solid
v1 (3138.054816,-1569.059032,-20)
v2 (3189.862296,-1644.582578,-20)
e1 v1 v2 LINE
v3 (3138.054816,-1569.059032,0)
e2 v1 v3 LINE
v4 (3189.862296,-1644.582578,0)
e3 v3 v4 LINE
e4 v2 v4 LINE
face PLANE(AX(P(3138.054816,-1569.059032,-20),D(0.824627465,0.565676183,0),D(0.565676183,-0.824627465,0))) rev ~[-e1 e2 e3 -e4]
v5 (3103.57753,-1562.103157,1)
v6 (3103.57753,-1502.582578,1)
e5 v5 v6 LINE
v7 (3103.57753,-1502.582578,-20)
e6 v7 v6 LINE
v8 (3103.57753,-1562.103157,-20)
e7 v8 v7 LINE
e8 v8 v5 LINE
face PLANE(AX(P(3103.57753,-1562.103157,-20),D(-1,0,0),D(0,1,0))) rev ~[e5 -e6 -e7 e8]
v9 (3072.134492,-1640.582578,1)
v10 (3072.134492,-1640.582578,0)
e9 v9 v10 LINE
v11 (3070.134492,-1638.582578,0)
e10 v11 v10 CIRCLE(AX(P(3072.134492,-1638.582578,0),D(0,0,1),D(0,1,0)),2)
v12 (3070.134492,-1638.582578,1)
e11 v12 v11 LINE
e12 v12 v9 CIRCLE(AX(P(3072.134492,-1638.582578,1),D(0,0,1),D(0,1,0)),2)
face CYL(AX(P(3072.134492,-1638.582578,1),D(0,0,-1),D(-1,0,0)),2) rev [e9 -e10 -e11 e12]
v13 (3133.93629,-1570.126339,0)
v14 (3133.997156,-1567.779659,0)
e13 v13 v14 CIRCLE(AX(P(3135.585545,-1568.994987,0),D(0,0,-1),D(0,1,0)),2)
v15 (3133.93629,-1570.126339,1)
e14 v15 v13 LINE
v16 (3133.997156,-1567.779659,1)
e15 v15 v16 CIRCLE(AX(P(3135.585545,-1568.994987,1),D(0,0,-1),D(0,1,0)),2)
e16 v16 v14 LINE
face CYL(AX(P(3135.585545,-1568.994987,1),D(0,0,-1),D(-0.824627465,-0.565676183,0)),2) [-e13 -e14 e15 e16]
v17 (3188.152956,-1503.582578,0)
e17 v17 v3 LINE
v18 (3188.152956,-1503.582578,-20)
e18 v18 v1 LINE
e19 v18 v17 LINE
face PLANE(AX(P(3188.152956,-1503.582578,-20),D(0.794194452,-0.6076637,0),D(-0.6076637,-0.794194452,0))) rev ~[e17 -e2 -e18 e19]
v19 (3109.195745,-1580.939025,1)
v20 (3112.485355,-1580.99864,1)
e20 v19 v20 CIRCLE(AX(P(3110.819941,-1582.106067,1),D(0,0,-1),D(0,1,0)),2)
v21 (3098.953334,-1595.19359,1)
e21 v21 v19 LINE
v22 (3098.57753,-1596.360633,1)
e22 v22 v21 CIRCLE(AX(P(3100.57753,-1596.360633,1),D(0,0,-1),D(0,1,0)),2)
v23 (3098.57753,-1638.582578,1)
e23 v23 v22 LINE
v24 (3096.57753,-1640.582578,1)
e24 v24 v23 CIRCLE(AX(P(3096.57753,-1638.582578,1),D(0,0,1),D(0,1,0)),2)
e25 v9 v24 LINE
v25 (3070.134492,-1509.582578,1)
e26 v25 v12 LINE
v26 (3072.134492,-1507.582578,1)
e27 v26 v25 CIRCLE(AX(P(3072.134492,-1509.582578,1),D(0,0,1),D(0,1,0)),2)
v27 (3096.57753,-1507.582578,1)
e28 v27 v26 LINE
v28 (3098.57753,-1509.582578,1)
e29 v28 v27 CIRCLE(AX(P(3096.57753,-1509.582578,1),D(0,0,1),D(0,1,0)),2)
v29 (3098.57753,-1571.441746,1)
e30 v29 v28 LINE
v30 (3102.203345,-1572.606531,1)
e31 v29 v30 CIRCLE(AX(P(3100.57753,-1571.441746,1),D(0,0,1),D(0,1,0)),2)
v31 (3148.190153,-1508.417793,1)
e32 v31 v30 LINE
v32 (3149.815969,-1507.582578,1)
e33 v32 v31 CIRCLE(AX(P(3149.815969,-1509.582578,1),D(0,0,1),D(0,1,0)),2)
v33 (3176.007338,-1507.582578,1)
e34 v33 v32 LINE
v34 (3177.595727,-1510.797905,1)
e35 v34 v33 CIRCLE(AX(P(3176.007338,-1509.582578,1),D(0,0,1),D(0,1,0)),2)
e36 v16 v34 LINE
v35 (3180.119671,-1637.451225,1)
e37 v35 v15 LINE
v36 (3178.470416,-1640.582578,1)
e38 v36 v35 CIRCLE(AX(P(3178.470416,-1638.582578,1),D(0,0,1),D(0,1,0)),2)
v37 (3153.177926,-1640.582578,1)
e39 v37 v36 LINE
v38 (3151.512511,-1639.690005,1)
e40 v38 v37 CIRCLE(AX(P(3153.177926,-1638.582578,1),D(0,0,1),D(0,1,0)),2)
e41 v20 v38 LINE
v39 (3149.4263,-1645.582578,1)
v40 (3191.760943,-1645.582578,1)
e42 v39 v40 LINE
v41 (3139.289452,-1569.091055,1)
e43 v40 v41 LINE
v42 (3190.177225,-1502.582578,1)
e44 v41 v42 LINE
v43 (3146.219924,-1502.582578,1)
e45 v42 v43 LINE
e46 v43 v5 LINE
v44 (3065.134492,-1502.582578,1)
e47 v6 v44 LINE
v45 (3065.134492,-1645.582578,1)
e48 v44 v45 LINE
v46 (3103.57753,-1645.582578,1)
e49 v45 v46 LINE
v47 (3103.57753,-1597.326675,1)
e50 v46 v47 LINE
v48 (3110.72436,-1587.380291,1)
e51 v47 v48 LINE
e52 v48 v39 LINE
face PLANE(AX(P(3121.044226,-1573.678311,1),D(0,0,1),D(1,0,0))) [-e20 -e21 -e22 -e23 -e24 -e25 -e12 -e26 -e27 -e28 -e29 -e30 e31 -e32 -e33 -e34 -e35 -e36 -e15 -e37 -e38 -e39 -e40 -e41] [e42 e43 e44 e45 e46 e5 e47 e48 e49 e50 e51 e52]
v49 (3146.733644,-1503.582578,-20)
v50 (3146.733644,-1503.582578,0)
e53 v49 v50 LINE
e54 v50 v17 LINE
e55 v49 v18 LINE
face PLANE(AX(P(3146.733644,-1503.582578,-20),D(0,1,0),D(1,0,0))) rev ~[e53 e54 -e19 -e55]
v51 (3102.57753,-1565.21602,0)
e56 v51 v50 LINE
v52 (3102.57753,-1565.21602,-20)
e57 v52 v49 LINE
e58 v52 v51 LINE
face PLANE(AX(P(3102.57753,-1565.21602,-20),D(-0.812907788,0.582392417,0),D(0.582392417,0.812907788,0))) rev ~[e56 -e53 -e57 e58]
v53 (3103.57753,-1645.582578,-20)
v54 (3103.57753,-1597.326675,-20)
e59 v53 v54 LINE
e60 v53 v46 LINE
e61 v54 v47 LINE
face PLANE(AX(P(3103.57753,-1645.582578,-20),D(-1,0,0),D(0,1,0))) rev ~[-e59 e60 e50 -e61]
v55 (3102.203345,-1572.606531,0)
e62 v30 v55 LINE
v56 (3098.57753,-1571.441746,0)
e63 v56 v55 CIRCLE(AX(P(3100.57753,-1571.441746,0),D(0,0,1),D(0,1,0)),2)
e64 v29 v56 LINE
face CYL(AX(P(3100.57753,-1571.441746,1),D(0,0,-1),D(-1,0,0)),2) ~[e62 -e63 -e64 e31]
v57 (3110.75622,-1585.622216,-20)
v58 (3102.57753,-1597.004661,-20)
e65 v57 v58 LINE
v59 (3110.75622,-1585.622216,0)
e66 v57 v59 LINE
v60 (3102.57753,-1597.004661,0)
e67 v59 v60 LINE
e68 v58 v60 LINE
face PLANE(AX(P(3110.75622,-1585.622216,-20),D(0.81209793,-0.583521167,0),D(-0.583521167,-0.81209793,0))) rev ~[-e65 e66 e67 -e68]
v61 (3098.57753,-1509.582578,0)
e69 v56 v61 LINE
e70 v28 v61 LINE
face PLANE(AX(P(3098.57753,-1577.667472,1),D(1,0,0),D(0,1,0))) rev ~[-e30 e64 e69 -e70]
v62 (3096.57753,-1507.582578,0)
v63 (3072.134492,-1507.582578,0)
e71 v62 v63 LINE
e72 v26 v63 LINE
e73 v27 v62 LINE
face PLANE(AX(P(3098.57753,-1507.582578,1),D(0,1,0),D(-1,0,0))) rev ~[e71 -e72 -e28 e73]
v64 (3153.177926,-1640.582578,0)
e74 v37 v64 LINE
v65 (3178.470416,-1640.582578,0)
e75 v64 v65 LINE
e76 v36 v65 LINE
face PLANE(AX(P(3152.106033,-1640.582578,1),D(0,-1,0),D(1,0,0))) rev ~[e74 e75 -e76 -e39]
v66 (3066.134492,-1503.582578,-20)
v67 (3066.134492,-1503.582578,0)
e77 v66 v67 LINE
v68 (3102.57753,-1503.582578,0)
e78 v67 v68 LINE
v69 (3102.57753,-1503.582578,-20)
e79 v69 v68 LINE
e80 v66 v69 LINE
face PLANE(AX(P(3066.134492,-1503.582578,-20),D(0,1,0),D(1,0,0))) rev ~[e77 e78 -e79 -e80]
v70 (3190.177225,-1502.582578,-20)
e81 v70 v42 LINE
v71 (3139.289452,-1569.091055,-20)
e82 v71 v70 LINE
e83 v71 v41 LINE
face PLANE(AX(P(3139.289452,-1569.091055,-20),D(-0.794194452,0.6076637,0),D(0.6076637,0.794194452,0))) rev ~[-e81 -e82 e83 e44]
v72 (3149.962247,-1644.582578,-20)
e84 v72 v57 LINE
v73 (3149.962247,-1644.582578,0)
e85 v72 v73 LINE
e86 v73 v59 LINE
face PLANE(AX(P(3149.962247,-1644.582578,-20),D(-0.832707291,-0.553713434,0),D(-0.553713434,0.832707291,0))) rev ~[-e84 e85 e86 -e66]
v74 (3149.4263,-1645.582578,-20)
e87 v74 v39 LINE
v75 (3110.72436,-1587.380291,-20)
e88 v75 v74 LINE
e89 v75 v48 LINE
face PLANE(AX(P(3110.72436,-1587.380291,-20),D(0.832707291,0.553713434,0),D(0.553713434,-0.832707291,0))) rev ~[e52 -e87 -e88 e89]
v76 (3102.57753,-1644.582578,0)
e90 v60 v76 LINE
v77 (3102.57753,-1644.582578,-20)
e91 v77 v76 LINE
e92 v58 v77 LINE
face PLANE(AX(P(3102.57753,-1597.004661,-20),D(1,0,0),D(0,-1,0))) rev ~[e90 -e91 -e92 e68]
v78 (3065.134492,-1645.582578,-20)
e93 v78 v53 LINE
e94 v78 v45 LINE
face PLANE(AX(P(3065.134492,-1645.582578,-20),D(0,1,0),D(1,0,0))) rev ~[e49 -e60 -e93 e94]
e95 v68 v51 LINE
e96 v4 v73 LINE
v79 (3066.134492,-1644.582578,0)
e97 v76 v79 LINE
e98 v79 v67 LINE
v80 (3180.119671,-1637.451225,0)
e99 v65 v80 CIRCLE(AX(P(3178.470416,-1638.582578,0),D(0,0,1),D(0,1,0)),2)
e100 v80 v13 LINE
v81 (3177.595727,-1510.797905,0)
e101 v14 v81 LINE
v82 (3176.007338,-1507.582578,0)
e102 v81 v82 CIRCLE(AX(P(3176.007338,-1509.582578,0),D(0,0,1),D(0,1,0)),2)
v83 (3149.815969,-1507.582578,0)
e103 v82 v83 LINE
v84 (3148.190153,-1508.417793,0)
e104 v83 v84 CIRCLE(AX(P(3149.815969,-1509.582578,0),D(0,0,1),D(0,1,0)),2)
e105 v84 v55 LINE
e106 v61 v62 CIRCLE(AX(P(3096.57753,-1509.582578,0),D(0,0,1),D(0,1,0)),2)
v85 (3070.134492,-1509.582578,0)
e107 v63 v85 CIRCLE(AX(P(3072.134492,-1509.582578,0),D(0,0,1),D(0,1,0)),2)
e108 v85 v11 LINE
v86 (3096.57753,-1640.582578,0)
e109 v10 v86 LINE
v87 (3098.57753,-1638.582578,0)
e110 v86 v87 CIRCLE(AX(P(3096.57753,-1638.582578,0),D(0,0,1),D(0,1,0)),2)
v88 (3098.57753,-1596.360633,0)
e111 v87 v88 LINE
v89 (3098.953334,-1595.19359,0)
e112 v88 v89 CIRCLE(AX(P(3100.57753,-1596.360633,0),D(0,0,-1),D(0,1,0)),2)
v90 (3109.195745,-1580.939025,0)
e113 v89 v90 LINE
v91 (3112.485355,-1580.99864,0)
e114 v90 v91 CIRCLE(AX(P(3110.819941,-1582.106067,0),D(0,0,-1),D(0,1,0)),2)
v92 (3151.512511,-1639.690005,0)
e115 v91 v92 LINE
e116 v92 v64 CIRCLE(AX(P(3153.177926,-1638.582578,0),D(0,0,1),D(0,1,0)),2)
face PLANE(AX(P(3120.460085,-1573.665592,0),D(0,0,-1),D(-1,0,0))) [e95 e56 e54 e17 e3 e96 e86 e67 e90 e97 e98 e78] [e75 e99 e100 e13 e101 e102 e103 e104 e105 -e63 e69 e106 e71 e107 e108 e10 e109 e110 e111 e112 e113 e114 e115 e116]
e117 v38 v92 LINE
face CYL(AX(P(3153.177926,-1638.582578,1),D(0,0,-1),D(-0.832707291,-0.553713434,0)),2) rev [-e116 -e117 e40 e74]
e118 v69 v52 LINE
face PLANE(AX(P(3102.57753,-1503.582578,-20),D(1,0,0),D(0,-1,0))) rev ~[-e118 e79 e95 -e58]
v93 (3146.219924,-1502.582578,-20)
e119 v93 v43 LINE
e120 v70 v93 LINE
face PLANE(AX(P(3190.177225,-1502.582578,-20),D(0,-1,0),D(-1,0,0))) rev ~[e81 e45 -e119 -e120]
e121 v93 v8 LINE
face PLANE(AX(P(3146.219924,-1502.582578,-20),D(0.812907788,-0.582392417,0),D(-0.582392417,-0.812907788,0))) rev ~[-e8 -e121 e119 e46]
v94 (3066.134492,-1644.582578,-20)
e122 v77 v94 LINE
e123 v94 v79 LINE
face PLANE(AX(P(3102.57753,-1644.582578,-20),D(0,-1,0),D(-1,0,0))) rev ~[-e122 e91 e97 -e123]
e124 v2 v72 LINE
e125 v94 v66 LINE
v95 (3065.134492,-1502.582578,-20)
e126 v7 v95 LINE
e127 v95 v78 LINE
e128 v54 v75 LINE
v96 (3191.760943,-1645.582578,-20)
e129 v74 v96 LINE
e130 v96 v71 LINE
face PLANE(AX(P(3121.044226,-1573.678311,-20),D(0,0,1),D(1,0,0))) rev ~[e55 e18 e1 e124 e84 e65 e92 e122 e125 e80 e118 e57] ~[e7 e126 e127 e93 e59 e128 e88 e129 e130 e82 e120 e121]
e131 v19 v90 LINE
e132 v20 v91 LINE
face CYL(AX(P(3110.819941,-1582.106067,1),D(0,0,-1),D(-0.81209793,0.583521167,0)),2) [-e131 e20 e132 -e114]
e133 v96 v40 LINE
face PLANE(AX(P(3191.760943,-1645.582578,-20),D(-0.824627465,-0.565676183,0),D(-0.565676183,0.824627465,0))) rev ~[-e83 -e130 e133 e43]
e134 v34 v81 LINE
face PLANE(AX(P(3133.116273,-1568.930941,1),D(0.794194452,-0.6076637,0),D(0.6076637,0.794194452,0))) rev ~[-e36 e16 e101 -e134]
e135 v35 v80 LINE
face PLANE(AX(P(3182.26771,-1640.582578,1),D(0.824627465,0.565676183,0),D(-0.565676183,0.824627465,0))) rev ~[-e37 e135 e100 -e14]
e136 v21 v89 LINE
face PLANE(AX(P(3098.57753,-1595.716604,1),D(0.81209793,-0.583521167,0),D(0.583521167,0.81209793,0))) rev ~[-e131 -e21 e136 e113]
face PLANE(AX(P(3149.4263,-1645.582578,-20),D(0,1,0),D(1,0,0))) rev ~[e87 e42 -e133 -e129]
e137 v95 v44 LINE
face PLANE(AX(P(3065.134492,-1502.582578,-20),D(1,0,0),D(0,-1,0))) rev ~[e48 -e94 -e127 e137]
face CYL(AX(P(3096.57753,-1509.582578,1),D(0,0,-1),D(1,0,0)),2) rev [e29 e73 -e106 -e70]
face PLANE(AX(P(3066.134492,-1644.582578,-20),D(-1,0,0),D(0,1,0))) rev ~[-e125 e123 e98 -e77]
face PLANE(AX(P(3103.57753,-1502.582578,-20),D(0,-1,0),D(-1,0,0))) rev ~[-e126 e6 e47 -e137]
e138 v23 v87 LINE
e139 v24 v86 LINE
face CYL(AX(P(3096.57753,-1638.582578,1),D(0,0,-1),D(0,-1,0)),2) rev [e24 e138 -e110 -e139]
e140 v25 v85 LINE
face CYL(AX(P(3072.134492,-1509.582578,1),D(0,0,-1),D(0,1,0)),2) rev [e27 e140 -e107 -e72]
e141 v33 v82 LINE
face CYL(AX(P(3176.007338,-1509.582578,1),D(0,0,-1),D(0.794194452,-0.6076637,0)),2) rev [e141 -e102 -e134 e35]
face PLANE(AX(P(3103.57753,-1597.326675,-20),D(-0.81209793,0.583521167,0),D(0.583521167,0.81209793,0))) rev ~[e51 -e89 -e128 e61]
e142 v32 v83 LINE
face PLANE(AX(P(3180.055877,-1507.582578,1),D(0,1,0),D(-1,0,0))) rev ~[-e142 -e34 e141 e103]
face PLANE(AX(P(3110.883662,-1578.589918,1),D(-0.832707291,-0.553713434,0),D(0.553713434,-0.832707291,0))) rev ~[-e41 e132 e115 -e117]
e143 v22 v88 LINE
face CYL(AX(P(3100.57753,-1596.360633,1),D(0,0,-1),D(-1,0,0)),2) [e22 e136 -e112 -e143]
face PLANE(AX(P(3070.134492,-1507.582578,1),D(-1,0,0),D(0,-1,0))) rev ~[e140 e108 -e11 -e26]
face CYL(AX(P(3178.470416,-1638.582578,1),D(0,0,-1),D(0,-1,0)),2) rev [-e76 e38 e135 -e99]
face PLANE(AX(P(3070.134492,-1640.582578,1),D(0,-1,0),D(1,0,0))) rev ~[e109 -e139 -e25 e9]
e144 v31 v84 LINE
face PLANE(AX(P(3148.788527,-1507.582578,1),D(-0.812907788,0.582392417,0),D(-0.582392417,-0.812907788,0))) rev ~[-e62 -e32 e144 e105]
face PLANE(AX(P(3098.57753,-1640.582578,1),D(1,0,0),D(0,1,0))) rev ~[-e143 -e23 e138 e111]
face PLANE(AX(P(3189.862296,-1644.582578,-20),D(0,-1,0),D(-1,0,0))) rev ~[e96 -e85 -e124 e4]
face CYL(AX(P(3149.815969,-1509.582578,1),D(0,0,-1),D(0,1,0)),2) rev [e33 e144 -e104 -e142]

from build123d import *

# Parameters (mm, degrees)
BOSS_EXTRUDE1_DEPTH      = 1
BOSS_EXTRUDE1_DEPTH_BACK = 20
CUT_EXTRUDE1_DEPTH       = 3592.061255037
CUT_EXTRUDE2_DEPTH       = 20
FILLET1_R                = 2


with BuildPart() as part:
    # Sketch1 → Boss-Extrude1 (new, two sides: drawn at the far end of the back side and taken through both)
    with BuildSketch(Plane.XY.offset(-BOSS_EXTRUDE1_DEPTH_BACK)):
        Polygon((3103.577529919, -1502.582577839), (3065.134491945, -1502.582577839), (3065.134491945, -1645.582577839), (3103.577529919, -1645.582577839), (3103.577529919, -1597.326675007), (3110.72435951, -1587.380291149), (3149.426300029, -1645.582577839), (3191.76094295, -1645.582577839), (3139.289451926, -1569.091055151), (3190.177225487, -1502.582577839), (3146.219923507, -1502.582577839), (3103.577529919, -1562.103156805), align=None)
    extrude(amount=BOSS_EXTRUDE1_DEPTH + BOSS_EXTRUDE1_DEPTH_BACK)

    # Sketch2 → Cut-Extrude1 (cut, through all)
    with BuildSketch(Plane.XY.offset(1)):
        Polygon((3098.577529919, -1577.667471643), (3098.577529919, -1507.582577839), (3070.134491945, -1507.582577839), (3070.134491945, -1640.582577839), (3098.577529919, -1640.582577839), (3098.577529919, -1595.716604278), (3110.883661718, -1578.589917667), (3152.106032574, -1640.582577839), (3182.26770964, -1640.582577839), (3133.116273086, -1568.930940904), (3180.055877392, -1507.582577839), (3148.788527159, -1507.582577839), align=None)
    extrude(amount=-CUT_EXTRUDE1_DEPTH, mode=Mode.SUBTRACT)

    # Sketch3 → Cut-Extrude2 (cut)
    with BuildSketch(Plane(origin=(0, 0, -20), x_dir=(-1, 0, 0), z_dir=(0, 0, -1))):
        Polygon((-3102.577529919, -1503.582577839), (-3102.577529919, -1565.216019773), (-3146.733644238, -1503.582577839), (-3188.152955868, -1503.582577839), (-3138.054816158, -1569.059032301), (-3189.862296288, -1644.582577839), (-3149.962246538, -1644.582577839), (-3110.756219952, -1585.622216453), (-3102.577529919, -1597.004660861), (-3102.577529919, -1644.582577839), (-3066.134491945, -1644.582577839), (-3066.134491945, -1503.582577839), align=None)
    extrude(amount=-CUT_EXTRUDE2_DEPTH, mode=Mode.SUBTRACT)

    # Fillet1
    fillet1_edges = [part.edges().sort_by_distance(p)[0] for p in [
        (3098.577529919, -1507.582577839, 0.5),
        (3098.577529919, -1577.667471643, 0.5),
        (3070.134491945, -1507.582577839, 0.5),
        (3070.134491945, -1640.582577839, 0.5),
        (3098.577529919, -1640.582577839, 0.5),
        (3098.577529919, -1595.716604278, 0.5),
        (3110.883661718, -1578.589917667, 0.5),
        (3152.106032574, -1640.582577839, 0.5),
        (3182.26770964, -1640.582577839, 0.5),
        (3133.116273086, -1568.930940904, 0.5),
        (3180.055877392, -1507.582577839, 0.5),
        (3148.788527159, -1507.582577839, 0.5),
    ]]
    fillet(fillet1_edges, radius=FILLET1_R)


solid = part.part
